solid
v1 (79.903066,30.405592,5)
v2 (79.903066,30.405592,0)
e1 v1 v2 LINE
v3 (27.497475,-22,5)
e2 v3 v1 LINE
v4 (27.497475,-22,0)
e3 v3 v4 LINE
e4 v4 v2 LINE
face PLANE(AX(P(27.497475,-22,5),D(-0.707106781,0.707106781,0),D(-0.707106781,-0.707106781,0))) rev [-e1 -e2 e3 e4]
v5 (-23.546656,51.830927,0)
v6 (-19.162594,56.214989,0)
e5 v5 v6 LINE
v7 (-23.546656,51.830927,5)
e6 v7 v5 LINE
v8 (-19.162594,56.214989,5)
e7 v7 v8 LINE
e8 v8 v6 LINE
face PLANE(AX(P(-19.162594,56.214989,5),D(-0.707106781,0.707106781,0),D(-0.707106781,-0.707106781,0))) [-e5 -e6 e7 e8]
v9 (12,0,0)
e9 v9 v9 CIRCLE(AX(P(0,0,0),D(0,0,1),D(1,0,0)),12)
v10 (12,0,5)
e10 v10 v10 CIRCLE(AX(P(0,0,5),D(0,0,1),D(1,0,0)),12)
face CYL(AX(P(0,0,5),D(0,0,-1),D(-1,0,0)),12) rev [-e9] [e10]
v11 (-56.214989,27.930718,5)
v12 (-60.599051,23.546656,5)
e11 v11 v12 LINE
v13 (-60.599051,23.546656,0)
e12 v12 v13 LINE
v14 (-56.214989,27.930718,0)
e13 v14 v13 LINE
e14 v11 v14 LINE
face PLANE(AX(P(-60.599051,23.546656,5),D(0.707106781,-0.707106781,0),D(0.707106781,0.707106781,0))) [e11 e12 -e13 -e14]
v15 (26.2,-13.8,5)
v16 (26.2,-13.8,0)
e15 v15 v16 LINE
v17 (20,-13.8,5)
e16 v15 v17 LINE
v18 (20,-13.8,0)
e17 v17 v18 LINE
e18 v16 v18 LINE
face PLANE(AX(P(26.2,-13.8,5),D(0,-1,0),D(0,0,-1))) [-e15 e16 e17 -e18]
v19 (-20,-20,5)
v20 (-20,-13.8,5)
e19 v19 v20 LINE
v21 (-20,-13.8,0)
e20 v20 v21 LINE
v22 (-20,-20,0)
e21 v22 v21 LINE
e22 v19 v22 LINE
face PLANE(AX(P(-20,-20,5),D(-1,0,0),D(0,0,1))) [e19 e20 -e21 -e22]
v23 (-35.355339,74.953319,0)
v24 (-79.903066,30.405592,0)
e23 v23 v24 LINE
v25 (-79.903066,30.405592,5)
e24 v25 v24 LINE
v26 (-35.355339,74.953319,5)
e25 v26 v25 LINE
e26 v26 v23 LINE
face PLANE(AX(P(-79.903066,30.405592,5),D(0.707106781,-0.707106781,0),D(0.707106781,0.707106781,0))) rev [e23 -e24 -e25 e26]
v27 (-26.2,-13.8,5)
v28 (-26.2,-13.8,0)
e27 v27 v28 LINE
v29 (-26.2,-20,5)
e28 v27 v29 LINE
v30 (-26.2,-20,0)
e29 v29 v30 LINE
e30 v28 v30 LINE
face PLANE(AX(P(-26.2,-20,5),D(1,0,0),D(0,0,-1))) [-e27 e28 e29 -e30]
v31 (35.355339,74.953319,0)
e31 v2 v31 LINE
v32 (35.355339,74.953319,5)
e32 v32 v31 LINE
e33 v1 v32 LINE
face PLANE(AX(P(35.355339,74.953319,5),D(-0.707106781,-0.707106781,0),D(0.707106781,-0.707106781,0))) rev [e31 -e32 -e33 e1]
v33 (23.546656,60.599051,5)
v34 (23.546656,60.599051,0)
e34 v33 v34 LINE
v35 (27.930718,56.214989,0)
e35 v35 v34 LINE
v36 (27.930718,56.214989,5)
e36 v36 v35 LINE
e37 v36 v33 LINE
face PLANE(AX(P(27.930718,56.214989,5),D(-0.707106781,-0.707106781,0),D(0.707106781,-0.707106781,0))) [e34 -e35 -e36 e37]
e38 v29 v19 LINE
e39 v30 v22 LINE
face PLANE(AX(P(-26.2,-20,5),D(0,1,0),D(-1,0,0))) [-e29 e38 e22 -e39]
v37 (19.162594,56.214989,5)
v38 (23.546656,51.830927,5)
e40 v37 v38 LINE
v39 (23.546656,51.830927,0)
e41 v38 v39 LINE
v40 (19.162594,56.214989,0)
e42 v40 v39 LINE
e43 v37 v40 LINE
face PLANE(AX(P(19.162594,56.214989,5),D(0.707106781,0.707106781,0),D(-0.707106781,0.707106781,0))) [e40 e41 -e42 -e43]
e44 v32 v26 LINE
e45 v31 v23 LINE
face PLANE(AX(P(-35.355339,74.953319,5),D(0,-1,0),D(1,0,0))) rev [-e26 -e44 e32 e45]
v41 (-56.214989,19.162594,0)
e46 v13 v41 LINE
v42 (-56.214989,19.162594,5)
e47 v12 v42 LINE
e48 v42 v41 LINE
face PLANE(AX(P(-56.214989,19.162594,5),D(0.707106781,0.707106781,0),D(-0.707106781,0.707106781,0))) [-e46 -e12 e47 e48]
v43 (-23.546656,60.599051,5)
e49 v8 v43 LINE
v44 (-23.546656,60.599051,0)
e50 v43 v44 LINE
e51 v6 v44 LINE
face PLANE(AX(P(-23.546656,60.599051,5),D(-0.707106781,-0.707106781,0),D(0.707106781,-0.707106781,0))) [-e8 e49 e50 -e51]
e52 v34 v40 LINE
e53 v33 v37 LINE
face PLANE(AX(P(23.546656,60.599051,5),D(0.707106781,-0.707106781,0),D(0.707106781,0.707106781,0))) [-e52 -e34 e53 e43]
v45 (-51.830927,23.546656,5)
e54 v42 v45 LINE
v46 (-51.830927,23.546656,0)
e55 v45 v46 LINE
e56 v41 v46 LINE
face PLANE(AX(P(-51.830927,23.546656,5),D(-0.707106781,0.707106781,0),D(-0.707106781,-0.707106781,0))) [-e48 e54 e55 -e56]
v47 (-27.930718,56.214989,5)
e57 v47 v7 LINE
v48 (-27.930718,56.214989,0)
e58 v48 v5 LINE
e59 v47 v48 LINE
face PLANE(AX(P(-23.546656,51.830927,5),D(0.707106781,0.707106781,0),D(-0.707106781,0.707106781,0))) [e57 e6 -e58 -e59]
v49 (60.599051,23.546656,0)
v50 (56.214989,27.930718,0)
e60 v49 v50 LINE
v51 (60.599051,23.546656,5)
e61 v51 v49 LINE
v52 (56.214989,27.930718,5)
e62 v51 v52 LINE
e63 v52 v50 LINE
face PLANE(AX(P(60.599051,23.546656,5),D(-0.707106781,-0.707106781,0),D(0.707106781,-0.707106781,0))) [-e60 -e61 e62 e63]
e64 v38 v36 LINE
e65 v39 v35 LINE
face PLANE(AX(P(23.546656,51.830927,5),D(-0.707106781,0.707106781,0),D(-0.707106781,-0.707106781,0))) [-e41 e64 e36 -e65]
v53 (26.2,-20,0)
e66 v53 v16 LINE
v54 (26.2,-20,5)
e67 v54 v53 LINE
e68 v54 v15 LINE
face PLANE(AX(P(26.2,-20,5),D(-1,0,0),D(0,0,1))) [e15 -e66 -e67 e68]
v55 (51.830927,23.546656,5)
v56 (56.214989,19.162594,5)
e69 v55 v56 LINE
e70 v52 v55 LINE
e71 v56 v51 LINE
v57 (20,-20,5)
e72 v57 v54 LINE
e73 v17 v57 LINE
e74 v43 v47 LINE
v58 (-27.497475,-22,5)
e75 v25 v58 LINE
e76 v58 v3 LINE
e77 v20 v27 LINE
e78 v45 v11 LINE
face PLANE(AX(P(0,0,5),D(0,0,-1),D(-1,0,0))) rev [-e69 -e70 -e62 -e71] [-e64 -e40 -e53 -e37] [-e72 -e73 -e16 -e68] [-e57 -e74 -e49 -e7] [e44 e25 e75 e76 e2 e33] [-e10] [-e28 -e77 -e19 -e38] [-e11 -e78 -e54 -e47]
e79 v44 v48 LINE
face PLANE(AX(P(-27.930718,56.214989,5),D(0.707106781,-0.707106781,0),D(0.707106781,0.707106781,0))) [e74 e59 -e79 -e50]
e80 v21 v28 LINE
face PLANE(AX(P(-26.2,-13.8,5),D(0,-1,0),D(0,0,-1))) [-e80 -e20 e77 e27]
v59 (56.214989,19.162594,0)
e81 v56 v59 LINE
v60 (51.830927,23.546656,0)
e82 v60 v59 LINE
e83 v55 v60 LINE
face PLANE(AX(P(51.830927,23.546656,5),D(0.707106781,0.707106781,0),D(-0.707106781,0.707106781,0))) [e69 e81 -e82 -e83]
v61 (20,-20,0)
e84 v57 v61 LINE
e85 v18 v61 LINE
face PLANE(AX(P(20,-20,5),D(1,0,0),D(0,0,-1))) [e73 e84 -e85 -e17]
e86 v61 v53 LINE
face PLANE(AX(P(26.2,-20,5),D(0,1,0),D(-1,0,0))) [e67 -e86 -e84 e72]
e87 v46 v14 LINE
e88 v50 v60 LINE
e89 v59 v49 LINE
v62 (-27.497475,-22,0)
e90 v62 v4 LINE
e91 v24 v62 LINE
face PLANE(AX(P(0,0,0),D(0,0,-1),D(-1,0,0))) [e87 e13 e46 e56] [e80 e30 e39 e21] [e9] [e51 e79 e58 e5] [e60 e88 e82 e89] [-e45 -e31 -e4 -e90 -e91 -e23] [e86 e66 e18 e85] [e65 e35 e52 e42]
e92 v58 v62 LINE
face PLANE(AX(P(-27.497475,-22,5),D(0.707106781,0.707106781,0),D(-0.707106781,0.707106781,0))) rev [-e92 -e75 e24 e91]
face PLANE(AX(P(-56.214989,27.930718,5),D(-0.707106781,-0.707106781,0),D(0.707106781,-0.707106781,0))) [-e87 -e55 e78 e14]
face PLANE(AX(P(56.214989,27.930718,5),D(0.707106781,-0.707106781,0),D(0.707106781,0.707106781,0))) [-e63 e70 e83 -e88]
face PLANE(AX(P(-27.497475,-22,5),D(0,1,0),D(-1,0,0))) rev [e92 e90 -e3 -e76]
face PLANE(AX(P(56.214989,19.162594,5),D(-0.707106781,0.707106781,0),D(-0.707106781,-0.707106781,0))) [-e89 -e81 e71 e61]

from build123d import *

# Parameters (mm, degrees)
SKETCH3_R           = 12
SKETCH3_W           = 6.2
SKETCH3_H           = 6.2
BOSS_EXTRUDE1_DEPTH = 5


with BuildPart() as part:
    # Sketch3 → Boss-Extrude1 (new body)
    with BuildSketch(Plane.XY):
        Polygon((-69.296464556, 41.012193309), (-41.012193309, 69.296464556), (-35.355339059, 74.953318806), (35.355339059, 74.953318806), (41.012193309, 69.296464556), (69.296464556, 41.012193309), (79.903066274, 30.405591591), (27.497474683, -22), (-27.497474683, -22), (-79.903066274, 30.405591591), align=None)
        Circle(SKETCH3_R, mode=Mode.SUBTRACT)
        Polygon((-60.599051148, 23.546655814), (-56.214989104, 27.930717857), (-51.830927061, 23.546655814), (-56.214989104, 19.16259377), align=None, mode=Mode.SUBTRACT)
        Polygon((-27.930717857, 56.214989104), (-23.546655814, 60.599051148), (-19.16259377, 56.214989104), (-23.546655814, 51.830927061), align=None, mode=Mode.SUBTRACT)
        Polygon((19.16259377, 56.214989104), (23.546655814, 51.830927061), (27.930717857, 56.214989104), (23.546655814, 60.599051148), align=None, mode=Mode.SUBTRACT)
        with Locations((-23.1, -16.9)):
            Rectangle(SKETCH3_W, SKETCH3_H, mode=Mode.SUBTRACT)
        Polygon((51.830927061, 23.546655814), (56.214989104, 19.16259377), (60.599051148, 23.546655814), (56.214989104, 27.930717857), align=None, mode=Mode.SUBTRACT)
        with Locations((23.1, -16.9)):
            Rectangle(SKETCH3_W, SKETCH3_H, mode=Mode.SUBTRACT)
    extrude(amount=BOSS_EXTRUDE1_DEPTH)


solid = part.part
